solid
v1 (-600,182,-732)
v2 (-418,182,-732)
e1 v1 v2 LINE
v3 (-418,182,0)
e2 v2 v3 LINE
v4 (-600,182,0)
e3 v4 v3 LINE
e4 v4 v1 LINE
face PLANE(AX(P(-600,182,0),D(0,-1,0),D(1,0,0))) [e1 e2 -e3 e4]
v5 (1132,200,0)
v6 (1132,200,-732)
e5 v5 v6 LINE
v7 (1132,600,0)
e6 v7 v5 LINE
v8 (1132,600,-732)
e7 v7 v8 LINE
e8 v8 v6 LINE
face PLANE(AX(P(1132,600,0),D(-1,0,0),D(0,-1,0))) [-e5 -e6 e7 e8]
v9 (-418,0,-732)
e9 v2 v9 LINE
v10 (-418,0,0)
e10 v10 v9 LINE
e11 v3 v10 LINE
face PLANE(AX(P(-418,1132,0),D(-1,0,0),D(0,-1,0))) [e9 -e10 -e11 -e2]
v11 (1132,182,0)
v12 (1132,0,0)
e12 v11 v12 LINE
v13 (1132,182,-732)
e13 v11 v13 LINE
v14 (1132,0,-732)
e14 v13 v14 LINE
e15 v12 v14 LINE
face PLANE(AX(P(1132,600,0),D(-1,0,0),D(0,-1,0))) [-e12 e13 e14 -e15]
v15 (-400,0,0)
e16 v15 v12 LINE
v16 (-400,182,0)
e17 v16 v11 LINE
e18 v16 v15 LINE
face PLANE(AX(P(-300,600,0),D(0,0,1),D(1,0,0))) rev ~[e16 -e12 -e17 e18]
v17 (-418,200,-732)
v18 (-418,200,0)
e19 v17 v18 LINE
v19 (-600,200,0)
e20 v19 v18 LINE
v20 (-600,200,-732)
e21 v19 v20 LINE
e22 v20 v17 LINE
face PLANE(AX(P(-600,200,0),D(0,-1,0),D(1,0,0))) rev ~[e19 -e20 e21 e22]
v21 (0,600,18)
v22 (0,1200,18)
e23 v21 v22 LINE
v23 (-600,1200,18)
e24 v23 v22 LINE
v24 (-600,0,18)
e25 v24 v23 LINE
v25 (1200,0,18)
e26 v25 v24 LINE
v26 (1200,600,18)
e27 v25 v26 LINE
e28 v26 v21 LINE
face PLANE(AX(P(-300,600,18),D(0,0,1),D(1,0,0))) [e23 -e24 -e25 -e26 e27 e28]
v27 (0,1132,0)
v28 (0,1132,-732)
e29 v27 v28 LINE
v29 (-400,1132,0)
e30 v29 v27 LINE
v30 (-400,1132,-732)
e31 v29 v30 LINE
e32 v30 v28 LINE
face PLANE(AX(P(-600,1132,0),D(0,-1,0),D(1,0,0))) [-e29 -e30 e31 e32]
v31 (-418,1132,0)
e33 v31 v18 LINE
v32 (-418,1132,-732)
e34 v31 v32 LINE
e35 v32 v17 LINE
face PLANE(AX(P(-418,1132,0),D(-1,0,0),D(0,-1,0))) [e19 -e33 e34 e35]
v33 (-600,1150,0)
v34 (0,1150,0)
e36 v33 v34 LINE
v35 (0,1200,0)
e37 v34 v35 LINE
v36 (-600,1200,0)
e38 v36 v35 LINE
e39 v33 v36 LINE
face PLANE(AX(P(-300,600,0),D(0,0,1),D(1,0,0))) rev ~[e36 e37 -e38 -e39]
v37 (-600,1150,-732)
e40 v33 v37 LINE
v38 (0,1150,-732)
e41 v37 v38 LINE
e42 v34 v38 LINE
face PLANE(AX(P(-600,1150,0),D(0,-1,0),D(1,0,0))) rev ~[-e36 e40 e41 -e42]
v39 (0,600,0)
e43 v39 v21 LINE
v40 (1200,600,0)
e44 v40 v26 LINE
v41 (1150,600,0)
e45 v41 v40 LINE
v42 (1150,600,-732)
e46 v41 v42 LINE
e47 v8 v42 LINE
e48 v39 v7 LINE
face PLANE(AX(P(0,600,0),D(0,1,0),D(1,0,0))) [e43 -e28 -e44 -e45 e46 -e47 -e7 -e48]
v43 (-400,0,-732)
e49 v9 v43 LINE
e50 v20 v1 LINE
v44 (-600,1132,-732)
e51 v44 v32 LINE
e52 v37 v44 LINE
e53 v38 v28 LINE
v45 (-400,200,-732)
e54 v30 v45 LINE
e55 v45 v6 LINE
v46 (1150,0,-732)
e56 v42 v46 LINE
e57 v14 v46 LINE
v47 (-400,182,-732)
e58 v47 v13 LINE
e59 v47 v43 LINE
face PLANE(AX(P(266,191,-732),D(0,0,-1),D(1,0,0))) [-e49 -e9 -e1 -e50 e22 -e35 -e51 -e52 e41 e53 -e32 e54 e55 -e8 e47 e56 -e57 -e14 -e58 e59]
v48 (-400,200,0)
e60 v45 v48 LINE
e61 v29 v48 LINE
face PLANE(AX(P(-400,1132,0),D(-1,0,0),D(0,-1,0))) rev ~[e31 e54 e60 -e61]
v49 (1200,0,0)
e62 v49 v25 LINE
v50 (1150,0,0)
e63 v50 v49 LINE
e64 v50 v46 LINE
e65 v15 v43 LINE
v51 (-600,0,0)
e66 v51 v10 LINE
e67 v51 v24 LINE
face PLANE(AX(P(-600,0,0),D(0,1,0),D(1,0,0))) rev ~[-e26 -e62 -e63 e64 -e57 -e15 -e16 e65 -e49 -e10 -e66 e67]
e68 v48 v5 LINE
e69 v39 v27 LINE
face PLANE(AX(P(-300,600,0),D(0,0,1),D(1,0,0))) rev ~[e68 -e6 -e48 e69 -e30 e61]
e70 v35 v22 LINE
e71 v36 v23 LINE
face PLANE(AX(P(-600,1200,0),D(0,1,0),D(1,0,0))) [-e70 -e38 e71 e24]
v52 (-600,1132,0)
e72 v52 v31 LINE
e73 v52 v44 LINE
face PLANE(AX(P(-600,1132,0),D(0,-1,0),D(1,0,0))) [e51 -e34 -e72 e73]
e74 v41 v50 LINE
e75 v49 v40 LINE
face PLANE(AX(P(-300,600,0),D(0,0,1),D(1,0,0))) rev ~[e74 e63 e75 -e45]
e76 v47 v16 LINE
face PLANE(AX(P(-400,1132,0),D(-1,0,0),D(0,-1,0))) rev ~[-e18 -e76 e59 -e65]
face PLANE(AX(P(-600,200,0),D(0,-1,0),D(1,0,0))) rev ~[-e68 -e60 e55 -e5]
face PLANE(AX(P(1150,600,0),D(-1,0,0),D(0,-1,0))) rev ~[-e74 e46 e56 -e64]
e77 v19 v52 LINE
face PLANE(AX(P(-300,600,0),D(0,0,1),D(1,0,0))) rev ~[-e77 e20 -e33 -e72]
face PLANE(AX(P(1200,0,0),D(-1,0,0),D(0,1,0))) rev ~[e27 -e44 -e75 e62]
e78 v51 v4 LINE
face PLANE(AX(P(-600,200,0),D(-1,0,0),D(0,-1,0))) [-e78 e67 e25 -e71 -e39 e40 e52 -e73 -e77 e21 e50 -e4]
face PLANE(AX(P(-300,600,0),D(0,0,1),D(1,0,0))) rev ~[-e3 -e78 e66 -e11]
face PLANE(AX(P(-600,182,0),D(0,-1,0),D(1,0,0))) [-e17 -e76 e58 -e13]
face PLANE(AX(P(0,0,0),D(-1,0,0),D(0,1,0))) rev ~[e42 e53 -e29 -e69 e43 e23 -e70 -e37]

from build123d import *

# Parameters (mm, degrees)
F0_W      = 1200
F0_H      = 600
F1_DEPTH  = 18
F2_W      = 600
F2_H      = 1200
F3_DEPTH  = 18
F4_W      = 18
F4_H      = 600
F4_W_2    = 600
F4_H_2    = 18
F5_DEPTH  = 732
F6_W      = 18
F6_H      = 1132
F7_DEPTH  = 732
F8_DEPTH  = 18
F9_W      = 1732
F9_H      = 18
F10_DEPTH = 732


with BuildPart() as f1:
    # F0 (on Top) → F1 (new body)
    with BuildSketch(Plane.XY):
        with Locations((600, 300)):
            Rectangle(F0_W, F0_H)
    extrude(amount=F1_DEPTH)

    # F2 (on Top) → F3 (join)
    with BuildSketch(Plane.XY):
        with Locations((-300, 600)):
            Rectangle(F2_W, F2_H)
    extrude(amount=F3_DEPTH)

    # F4 (on face) → F5 (join)
    with BuildSketch(Plane(origin=(0, 0, 0), x_dir=(1, 0, 0), z_dir=(0, 0, -1))):
        with Locations((1141, -300)):
            Rectangle(F4_W, F4_H)
        with Locations((-300, -1141)):
            Rectangle(F4_W_2, F4_H_2)
    extrude(amount=F5_DEPTH)

    # F6 (on face) → F7 (join)
    with BuildSketch(Plane(origin=(0, 0, 0), x_dir=(1, 0, 0), z_dir=(0, 0, -1))):
        with Locations((-409, -566)):
            Rectangle(F6_W, F6_H)
    extrude(amount=F7_DEPTH)

    # F7_face (on face) → F8 (join)
    with BuildSketch(Plane(origin=(259.6, 406.4, 0), x_dir=(1, 0, 0), z_dir=(0, 0, -1))):
        Polygon((872.4, 406.4), (-659.6, 406.4), (-659.6, -725.6), (-259.6, -725.6), (-259.6, -193.6), (872.4, -193.6), align=None)
    extrude(amount=-F8_DEPTH)

    # F9 (on face) → F10 (join)
    with BuildSketch(Plane(origin=(0, 0, 0), x_dir=(1, 0, 0), z_dir=(0, 0, -1))):
        with Locations((266, -191)):
            Rectangle(F9_W, F9_H)
    extrude(amount=F10_DEPTH)


solid = f1.part
